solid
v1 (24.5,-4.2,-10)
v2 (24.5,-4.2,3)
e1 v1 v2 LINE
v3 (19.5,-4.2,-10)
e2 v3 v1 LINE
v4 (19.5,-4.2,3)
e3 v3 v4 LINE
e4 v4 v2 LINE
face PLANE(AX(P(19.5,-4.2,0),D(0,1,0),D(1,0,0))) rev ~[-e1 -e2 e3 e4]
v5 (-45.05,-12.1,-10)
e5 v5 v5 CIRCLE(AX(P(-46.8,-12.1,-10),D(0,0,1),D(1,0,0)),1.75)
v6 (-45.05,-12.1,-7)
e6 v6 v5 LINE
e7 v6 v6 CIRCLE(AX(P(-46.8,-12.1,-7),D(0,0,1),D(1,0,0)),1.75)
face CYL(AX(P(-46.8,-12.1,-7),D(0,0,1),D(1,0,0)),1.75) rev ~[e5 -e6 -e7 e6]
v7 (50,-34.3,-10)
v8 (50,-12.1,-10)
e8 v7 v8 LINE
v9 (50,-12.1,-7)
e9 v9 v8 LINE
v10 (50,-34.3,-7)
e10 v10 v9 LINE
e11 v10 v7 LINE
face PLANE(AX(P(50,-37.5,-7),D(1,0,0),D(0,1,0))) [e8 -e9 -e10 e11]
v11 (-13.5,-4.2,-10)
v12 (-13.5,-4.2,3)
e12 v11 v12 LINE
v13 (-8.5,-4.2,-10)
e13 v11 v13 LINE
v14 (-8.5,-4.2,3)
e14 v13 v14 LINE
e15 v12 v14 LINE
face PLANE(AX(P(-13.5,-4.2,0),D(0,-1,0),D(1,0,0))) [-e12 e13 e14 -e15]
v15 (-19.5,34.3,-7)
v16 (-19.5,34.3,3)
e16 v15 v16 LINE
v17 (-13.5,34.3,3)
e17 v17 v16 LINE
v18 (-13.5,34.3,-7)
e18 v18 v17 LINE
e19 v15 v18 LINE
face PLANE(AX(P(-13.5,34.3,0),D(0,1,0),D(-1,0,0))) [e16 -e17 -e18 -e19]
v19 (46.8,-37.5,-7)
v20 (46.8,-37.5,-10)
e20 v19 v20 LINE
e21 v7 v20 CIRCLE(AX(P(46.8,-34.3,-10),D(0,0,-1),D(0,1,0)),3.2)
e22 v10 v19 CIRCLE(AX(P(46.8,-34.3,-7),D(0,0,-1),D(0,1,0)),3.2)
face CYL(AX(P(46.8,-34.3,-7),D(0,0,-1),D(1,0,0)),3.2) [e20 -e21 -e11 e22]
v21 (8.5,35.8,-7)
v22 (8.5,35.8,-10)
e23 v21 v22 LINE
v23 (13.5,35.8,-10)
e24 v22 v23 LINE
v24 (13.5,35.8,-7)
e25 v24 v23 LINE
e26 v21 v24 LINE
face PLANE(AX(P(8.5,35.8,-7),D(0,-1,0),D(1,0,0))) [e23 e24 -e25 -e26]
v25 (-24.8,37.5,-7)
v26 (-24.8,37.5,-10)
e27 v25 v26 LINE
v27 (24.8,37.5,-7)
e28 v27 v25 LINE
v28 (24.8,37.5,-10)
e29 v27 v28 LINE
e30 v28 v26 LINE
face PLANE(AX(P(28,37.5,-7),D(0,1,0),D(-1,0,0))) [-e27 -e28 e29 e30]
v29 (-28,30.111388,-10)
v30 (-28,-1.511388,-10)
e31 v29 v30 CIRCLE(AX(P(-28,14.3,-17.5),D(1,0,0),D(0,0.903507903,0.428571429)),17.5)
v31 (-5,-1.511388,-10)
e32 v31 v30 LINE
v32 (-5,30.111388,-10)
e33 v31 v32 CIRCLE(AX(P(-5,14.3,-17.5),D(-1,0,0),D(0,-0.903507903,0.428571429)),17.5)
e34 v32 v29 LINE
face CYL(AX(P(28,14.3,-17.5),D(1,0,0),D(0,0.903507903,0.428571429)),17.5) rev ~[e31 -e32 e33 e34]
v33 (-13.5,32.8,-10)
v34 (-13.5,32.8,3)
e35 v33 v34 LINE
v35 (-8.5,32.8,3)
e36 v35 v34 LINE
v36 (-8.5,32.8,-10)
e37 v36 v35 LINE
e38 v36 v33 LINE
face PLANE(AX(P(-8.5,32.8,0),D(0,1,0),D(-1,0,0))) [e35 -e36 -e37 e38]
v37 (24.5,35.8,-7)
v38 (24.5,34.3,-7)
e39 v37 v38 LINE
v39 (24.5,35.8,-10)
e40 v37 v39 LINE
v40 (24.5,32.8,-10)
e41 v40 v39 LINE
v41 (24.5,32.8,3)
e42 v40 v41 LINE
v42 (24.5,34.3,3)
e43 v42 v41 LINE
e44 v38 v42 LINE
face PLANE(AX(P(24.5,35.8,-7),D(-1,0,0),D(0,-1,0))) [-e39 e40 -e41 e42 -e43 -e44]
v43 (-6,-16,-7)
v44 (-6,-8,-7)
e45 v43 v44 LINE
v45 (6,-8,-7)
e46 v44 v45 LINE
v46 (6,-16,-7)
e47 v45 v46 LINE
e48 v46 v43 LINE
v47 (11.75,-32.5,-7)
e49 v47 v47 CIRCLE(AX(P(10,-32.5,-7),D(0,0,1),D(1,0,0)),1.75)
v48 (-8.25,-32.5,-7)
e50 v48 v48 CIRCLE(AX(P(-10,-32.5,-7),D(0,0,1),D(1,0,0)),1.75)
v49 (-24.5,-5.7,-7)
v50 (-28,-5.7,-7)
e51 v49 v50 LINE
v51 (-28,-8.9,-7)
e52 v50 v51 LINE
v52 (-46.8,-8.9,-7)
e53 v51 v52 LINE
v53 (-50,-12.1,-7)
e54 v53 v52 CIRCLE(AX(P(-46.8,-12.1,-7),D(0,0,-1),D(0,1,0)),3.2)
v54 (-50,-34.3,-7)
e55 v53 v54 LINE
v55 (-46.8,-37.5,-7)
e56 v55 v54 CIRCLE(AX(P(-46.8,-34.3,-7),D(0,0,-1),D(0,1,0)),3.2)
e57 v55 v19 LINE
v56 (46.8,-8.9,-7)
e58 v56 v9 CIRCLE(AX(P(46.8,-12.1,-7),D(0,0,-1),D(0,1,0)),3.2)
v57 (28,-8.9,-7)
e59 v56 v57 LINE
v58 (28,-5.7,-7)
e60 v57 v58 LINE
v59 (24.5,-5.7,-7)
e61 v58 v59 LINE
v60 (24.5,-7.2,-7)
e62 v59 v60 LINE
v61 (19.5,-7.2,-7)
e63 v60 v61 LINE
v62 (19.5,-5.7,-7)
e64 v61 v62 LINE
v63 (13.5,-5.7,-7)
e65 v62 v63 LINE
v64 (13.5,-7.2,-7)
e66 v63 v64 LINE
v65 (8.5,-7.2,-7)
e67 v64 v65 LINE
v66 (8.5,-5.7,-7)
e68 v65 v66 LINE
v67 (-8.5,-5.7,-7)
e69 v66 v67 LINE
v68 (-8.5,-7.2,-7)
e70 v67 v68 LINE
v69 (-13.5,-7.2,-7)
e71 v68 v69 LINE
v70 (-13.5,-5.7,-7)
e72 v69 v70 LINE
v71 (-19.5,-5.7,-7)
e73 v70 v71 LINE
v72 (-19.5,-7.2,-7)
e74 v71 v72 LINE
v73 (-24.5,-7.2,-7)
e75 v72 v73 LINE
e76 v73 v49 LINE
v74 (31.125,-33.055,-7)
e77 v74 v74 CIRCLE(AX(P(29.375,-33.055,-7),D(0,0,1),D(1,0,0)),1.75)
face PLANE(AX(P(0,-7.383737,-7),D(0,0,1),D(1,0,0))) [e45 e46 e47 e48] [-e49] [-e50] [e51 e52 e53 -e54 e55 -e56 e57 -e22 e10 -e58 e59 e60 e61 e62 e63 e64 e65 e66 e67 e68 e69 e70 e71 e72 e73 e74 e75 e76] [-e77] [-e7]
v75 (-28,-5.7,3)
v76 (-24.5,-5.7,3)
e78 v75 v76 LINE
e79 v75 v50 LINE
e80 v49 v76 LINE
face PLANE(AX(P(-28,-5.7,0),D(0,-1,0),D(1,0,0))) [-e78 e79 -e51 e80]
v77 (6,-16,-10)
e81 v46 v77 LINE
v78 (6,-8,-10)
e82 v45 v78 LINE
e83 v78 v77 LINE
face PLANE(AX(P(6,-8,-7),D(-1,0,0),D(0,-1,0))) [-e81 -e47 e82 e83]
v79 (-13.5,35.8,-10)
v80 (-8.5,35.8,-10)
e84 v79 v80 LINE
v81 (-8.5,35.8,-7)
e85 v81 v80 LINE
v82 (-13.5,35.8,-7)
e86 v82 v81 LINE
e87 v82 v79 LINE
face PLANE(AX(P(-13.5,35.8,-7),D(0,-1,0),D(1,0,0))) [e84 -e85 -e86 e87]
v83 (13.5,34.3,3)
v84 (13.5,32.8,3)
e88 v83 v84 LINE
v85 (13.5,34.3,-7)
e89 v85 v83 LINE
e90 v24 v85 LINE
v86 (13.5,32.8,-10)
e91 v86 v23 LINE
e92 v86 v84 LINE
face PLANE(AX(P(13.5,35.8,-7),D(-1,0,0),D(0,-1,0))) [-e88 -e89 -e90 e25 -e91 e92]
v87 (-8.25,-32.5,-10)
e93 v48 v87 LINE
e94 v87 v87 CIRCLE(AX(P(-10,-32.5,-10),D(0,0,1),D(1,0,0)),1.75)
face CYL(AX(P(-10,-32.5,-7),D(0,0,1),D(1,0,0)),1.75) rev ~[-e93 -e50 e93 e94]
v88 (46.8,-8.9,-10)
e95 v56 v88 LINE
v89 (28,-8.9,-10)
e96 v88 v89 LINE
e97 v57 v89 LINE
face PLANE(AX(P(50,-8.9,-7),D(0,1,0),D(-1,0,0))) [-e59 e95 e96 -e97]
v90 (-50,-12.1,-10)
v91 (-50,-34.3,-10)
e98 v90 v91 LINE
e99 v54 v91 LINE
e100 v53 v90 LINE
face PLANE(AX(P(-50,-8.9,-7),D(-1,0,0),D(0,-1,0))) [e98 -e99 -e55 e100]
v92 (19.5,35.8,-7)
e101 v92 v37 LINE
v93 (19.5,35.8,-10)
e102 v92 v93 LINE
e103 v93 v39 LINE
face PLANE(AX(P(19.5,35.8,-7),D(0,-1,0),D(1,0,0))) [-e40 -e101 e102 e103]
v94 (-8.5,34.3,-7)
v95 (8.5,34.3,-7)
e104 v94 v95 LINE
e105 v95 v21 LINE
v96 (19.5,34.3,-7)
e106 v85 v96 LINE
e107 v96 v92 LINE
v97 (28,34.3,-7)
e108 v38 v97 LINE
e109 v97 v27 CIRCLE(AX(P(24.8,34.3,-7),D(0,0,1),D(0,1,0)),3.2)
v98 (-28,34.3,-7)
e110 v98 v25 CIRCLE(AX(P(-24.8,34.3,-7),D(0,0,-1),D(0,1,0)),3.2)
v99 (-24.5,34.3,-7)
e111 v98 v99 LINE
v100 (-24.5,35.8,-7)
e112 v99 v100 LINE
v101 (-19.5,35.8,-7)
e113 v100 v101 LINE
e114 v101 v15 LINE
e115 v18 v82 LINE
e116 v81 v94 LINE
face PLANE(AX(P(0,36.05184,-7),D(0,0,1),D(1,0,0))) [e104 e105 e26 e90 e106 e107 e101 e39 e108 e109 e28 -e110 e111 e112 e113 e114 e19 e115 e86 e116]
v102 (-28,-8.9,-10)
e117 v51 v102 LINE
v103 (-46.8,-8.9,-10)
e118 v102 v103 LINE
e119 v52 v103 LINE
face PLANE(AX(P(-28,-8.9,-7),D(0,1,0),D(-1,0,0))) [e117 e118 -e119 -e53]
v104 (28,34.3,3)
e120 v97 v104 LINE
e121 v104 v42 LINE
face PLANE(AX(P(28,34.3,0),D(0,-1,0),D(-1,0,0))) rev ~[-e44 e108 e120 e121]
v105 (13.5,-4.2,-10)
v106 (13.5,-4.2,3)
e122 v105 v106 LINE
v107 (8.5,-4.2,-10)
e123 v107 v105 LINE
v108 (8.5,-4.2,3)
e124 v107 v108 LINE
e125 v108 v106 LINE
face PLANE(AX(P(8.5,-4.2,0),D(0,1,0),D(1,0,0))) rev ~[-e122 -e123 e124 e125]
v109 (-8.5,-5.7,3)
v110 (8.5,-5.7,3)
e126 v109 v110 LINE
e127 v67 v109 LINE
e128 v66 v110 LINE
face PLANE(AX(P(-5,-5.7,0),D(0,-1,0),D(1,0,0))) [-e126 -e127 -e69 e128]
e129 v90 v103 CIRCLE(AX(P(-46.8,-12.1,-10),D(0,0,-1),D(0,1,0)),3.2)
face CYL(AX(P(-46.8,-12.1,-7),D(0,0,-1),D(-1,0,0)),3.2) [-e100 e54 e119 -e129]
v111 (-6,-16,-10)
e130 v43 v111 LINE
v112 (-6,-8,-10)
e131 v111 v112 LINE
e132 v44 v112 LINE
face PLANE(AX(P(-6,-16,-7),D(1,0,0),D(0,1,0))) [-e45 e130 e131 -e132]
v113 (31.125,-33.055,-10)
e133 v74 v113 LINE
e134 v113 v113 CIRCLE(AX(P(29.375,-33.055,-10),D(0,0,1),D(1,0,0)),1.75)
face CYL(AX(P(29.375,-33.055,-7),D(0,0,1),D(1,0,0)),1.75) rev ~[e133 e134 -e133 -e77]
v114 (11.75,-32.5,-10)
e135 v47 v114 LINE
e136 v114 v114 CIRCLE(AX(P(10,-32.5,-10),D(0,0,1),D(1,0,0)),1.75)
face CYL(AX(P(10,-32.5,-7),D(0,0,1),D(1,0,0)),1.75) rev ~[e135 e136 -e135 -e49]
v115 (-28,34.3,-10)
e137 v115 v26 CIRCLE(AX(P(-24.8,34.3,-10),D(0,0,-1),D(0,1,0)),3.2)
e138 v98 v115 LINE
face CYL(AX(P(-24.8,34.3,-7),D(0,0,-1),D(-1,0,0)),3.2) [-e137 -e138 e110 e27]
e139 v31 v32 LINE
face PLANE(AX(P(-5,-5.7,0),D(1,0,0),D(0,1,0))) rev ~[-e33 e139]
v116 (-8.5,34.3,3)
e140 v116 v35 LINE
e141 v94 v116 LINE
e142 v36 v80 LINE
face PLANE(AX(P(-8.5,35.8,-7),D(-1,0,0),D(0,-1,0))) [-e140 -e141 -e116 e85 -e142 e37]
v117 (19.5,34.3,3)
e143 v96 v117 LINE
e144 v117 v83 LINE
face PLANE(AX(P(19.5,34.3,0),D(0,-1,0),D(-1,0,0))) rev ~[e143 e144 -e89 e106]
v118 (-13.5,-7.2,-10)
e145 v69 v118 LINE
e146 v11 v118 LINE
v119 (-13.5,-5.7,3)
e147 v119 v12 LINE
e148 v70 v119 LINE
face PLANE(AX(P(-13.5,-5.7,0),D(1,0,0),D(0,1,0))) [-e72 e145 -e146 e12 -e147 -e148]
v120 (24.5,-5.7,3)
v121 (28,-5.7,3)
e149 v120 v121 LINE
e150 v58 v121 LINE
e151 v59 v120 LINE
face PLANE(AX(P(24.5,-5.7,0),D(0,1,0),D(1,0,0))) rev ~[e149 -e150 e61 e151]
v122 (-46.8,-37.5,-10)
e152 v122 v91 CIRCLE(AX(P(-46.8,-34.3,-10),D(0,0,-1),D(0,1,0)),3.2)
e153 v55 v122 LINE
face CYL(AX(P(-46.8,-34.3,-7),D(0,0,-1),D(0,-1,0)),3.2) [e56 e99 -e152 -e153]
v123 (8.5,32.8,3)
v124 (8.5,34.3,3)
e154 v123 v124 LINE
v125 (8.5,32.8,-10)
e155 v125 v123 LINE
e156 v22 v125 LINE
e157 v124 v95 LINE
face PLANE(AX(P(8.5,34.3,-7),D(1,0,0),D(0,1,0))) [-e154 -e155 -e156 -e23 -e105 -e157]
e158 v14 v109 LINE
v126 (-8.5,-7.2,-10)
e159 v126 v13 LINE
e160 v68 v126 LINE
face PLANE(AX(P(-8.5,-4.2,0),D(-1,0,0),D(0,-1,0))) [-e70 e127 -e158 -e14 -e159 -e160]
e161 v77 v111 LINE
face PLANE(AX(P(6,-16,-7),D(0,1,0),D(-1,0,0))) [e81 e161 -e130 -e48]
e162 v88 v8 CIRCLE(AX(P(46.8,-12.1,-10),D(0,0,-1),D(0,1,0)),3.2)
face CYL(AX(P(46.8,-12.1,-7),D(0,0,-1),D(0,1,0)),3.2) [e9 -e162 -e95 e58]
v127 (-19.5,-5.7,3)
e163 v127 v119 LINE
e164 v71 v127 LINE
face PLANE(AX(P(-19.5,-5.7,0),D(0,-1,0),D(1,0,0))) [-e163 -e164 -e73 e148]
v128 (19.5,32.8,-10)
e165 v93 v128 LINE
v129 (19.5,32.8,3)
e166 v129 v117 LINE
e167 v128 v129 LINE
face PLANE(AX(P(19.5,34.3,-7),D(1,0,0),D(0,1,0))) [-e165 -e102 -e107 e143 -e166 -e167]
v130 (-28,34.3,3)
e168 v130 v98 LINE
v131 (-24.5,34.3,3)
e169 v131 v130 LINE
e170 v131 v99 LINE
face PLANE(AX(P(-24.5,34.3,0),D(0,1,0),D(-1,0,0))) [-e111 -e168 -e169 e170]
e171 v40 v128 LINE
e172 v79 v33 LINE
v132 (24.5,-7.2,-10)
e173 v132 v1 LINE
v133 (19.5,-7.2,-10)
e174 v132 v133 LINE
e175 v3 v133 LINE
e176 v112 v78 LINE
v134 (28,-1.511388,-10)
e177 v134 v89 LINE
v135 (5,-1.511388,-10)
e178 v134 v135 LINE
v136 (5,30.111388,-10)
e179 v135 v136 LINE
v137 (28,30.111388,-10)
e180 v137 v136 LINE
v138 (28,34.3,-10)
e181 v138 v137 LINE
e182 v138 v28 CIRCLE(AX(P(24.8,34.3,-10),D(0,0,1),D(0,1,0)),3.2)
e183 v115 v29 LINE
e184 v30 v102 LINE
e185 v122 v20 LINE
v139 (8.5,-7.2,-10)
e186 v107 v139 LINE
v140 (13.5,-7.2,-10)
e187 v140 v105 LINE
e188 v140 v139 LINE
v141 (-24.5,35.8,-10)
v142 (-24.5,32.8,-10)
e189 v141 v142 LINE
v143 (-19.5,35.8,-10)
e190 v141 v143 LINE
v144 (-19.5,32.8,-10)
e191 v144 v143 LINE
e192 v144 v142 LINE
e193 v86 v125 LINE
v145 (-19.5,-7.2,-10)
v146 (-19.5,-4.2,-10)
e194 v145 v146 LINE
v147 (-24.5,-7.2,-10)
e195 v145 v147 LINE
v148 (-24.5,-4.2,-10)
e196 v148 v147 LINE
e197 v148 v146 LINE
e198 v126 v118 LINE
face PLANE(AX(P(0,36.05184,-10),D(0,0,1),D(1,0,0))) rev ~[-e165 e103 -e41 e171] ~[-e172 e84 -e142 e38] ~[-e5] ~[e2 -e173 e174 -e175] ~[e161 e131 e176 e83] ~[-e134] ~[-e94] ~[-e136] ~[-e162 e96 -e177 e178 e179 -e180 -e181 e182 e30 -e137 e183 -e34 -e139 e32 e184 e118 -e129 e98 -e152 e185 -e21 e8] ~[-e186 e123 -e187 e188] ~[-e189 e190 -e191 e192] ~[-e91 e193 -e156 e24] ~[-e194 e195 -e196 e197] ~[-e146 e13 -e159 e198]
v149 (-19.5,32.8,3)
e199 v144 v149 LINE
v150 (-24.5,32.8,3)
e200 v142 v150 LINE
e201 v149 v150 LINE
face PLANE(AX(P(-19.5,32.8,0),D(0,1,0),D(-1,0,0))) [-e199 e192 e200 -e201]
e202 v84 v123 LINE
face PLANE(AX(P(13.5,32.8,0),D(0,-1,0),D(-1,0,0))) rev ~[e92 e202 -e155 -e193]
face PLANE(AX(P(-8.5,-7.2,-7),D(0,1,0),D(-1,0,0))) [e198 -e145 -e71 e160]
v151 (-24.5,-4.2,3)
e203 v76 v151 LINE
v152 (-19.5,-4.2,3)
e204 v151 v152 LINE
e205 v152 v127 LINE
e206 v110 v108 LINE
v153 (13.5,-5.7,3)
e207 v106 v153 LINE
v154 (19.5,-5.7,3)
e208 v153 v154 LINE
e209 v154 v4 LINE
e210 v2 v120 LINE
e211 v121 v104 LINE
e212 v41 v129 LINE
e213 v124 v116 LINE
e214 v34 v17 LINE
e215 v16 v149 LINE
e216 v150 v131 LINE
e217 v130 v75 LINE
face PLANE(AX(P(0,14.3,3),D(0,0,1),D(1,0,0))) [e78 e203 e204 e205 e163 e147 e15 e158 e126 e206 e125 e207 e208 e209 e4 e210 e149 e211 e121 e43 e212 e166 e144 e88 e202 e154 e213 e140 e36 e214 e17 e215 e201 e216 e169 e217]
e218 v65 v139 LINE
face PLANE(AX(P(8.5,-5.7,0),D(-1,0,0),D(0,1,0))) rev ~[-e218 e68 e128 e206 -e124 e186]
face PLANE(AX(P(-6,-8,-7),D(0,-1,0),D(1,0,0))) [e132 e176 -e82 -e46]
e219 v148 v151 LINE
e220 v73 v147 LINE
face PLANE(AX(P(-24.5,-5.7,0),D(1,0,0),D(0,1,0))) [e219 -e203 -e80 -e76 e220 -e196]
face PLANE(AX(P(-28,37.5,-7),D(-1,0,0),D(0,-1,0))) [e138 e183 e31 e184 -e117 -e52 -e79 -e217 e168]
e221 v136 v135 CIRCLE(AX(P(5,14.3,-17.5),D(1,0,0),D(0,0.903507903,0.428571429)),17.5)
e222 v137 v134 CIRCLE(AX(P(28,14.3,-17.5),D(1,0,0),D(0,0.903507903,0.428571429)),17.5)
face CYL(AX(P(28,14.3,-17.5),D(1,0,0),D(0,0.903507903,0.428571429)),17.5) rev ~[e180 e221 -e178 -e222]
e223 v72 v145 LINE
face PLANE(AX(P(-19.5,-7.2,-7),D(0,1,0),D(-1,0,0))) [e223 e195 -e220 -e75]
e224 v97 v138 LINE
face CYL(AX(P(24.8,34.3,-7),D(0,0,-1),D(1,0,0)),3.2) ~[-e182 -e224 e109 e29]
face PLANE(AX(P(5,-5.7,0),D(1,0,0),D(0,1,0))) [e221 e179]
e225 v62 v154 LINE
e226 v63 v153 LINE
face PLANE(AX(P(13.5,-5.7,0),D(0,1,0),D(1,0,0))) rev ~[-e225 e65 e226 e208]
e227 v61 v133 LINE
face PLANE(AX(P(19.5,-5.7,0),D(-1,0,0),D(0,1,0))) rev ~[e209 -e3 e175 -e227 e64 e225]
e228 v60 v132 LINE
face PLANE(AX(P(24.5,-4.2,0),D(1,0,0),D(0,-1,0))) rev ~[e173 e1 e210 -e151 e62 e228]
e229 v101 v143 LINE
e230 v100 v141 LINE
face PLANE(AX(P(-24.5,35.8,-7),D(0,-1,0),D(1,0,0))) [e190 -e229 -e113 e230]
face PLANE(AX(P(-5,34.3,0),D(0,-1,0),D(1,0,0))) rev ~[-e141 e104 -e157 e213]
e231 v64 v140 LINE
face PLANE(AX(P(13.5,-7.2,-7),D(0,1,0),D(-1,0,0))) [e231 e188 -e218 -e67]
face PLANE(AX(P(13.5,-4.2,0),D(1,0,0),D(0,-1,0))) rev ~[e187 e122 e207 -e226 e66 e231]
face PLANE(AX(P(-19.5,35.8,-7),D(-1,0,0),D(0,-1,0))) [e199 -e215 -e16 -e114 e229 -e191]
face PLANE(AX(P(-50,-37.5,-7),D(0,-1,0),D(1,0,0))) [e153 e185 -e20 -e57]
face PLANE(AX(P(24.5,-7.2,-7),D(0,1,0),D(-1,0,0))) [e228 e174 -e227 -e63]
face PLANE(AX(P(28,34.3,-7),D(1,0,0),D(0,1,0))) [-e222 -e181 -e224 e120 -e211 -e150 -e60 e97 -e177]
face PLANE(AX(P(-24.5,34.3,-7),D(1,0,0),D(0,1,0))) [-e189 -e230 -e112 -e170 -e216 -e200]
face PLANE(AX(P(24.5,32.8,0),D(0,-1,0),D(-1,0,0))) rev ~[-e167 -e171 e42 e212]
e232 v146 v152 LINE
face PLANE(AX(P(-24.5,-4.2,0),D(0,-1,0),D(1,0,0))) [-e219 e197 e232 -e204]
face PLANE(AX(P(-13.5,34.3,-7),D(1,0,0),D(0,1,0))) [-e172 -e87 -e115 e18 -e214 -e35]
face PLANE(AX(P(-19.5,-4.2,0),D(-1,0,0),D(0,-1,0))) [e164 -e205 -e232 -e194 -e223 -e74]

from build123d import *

# Parameters (mm, degrees)
F0_W     = 10
F0_H     = 40
F1_DEPTH = 3
F2_DEPTH = 10
F4_DEPTH = 56
F5_DEPTH = 10
F6_START = -7
F0_R     = 1.75
F6_DEPTH = 3
F7_R     = 3.2


with BuildPart() as f1:
    # F0 (on Top) → F1 (new body)
    with BuildSketch(Plane.XY):
        with Locations((0, 14.3)):
            Rectangle(F0_W, F0_H)
        Polygon((-28, 14.3), (-28, -5.7), (-24.5, -5.7), (-24.5, -4.2), (-19.5, -4.2), (-19.5, -5.7), (-13.5, -5.7), (-13.5, -4.2), (-8.5, -4.2), (-8.5, -5.7), (-5, -5.7), (-5, 34.3), (-8.5, 34.3), (-8.5, 32.8), (-13.5, 32.8), (-13.5, 34.3), (-19.5, 34.3), (-19.5, 32.8), (-24.5, 32.8), (-24.5, 34.3), (-28, 34.3), align=None)
        Polygon((24.5, -5.7), (28, -5.7), (28, 34.3), (24.5, 34.3), (24.5, 32.8), (19.5, 32.8), (19.5, 34.3), (13.5, 34.3), (13.5, 32.8), (8.5, 32.8), (8.5, 34.3), (5, 34.3), (5, -5.7), (8.5, -5.7), (8.5, -4.2), (13.5, -4.2), (13.5, -5.7), (19.5, -5.7), (19.5, -4.2), (24.5, -4.2), align=None)
    extrude(amount=F1_DEPTH)

    # F0 (on Top) → F2 (join)
    with BuildSketch(Plane.XY):
        Polygon((-28, 14.3), (-28, -5.7), (-24.5, -5.7), (-24.5, -4.2), (-19.5, -4.2), (-19.5, -5.7), (-13.5, -5.7), (-13.5, -4.2), (-8.5, -4.2), (-8.5, -5.7), (-5, -5.7), (-5, 34.3), (-8.5, 34.3), (-8.5, 32.8), (-13.5, 32.8), (-13.5, 34.3), (-19.5, 34.3), (-19.5, 32.8), (-24.5, 32.8), (-24.5, 34.3), (-28, 34.3), align=None)
        Polygon((24.5, -5.7), (28, -5.7), (28, 34.3), (24.5, 34.3), (24.5, 32.8), (19.5, 32.8), (19.5, 34.3), (13.5, 34.3), (13.5, 32.8), (8.5, 32.8), (8.5, 34.3), (5, 34.3), (5, -5.7), (8.5, -5.7), (8.5, -4.2), (13.5, -4.2), (13.5, -5.7), (19.5, -5.7), (19.5, -4.2), (24.5, -4.2), align=None)
    extrude(amount=-F2_DEPTH)

    # F3 (on face) → F4 (cut, through all)
    with BuildSketch(Plane.YZ.offset(28)):
        with BuildLine():
            Line((-1.5113883008, -10), (30.1113883008, -10))
            ThreePointArc((30.1113883008, -10), (14.3, 0), (-1.5113883008, -10))
        make_face()
    extrude(amount=-F4_DEPTH, mode=Mode.SUBTRACT)

    # F0 (on Top) → F5 (join, through all)
    with BuildSketch(Plane.XY):
        with Locations((0, 14.3)):
            Rectangle(F0_W, F0_H)
    extrude(amount=-F5_DEPTH)

    # F0 (on Top) → F6 (join)
    with BuildSketch(Plane.XY.offset(F6_START)):
        Polygon((-28, 37.5), (-28, 34.3), (-24.5, 34.3), (-24.5, 35.8), (-19.5, 35.8), (-19.5, 34.3), (-13.5, 34.3), (-13.5, 35.8), (-8.5, 35.8), (-8.5, 34.3), (-5, 34.3), (5, 34.3), (8.5, 34.3), (8.5, 35.8), (13.5, 35.8), (13.5, 34.3), (19.5, 34.3), (19.5, 35.8), (24.5, 35.8), (24.5, 34.3), (28, 34.3), (28, 37.5), align=None)
        Polygon((-28, -5.7), (-28, -8.9), (-6, -8.9), (-6, -8), (6, -8), (6, -8.9), (28, -8.9), (28, -5.7), (24.5, -5.7), (24.5, -7.2), (19.5, -7.2), (19.5, -5.7), (13.5, -5.7), (13.5, -7.2), (8.5, -7.2), (8.5, -5.7), (5, -5.7), (-5, -5.7), (-8.5, -5.7), (-8.5, -7.2), (-13.5, -7.2), (-13.5, -5.7), (-19.5, -5.7), (-19.5, -7.2), (-24.5, -7.2), (-24.5, -5.7), align=None)
        Polygon((-50, -37.5), (-28, -37.5), (0, -37.5), (28, -37.5), (50, -37.5), (50, -8.9), (28, -8.9), (6, -8.9), (6, -16), (-6, -16), (-6, -8.9), (-28, -8.9), (-50, -8.9), align=None)
        with Locations((-10, -32.5)):
            Circle(F0_R, mode=Mode.SUBTRACT)
        with Locations((-46.8, -12.1)):
            Circle(F0_R, mode=Mode.SUBTRACT)
        with Locations((10, -32.5)):
            Circle(F0_R, mode=Mode.SUBTRACT)
        with Locations((29.375, -33.055)):
            Circle(F0_R, mode=Mode.SUBTRACT)
    extrude(amount=-F6_DEPTH)

    # F7
    f7_edges = [f1.edges().sort_by_distance(p)[0] for p in [
        (28, 37.5, -8.5),
        (-28, 37.5, -8.5),
        (50, -8.9, -8.5),
        (50, -37.5, -8.5),
        (-50, -37.5, -8.5),
        (-50, -8.9, -8.5),
    ]]
    fillet(f7_edges, radius=F7_R)


solid = f1.part
